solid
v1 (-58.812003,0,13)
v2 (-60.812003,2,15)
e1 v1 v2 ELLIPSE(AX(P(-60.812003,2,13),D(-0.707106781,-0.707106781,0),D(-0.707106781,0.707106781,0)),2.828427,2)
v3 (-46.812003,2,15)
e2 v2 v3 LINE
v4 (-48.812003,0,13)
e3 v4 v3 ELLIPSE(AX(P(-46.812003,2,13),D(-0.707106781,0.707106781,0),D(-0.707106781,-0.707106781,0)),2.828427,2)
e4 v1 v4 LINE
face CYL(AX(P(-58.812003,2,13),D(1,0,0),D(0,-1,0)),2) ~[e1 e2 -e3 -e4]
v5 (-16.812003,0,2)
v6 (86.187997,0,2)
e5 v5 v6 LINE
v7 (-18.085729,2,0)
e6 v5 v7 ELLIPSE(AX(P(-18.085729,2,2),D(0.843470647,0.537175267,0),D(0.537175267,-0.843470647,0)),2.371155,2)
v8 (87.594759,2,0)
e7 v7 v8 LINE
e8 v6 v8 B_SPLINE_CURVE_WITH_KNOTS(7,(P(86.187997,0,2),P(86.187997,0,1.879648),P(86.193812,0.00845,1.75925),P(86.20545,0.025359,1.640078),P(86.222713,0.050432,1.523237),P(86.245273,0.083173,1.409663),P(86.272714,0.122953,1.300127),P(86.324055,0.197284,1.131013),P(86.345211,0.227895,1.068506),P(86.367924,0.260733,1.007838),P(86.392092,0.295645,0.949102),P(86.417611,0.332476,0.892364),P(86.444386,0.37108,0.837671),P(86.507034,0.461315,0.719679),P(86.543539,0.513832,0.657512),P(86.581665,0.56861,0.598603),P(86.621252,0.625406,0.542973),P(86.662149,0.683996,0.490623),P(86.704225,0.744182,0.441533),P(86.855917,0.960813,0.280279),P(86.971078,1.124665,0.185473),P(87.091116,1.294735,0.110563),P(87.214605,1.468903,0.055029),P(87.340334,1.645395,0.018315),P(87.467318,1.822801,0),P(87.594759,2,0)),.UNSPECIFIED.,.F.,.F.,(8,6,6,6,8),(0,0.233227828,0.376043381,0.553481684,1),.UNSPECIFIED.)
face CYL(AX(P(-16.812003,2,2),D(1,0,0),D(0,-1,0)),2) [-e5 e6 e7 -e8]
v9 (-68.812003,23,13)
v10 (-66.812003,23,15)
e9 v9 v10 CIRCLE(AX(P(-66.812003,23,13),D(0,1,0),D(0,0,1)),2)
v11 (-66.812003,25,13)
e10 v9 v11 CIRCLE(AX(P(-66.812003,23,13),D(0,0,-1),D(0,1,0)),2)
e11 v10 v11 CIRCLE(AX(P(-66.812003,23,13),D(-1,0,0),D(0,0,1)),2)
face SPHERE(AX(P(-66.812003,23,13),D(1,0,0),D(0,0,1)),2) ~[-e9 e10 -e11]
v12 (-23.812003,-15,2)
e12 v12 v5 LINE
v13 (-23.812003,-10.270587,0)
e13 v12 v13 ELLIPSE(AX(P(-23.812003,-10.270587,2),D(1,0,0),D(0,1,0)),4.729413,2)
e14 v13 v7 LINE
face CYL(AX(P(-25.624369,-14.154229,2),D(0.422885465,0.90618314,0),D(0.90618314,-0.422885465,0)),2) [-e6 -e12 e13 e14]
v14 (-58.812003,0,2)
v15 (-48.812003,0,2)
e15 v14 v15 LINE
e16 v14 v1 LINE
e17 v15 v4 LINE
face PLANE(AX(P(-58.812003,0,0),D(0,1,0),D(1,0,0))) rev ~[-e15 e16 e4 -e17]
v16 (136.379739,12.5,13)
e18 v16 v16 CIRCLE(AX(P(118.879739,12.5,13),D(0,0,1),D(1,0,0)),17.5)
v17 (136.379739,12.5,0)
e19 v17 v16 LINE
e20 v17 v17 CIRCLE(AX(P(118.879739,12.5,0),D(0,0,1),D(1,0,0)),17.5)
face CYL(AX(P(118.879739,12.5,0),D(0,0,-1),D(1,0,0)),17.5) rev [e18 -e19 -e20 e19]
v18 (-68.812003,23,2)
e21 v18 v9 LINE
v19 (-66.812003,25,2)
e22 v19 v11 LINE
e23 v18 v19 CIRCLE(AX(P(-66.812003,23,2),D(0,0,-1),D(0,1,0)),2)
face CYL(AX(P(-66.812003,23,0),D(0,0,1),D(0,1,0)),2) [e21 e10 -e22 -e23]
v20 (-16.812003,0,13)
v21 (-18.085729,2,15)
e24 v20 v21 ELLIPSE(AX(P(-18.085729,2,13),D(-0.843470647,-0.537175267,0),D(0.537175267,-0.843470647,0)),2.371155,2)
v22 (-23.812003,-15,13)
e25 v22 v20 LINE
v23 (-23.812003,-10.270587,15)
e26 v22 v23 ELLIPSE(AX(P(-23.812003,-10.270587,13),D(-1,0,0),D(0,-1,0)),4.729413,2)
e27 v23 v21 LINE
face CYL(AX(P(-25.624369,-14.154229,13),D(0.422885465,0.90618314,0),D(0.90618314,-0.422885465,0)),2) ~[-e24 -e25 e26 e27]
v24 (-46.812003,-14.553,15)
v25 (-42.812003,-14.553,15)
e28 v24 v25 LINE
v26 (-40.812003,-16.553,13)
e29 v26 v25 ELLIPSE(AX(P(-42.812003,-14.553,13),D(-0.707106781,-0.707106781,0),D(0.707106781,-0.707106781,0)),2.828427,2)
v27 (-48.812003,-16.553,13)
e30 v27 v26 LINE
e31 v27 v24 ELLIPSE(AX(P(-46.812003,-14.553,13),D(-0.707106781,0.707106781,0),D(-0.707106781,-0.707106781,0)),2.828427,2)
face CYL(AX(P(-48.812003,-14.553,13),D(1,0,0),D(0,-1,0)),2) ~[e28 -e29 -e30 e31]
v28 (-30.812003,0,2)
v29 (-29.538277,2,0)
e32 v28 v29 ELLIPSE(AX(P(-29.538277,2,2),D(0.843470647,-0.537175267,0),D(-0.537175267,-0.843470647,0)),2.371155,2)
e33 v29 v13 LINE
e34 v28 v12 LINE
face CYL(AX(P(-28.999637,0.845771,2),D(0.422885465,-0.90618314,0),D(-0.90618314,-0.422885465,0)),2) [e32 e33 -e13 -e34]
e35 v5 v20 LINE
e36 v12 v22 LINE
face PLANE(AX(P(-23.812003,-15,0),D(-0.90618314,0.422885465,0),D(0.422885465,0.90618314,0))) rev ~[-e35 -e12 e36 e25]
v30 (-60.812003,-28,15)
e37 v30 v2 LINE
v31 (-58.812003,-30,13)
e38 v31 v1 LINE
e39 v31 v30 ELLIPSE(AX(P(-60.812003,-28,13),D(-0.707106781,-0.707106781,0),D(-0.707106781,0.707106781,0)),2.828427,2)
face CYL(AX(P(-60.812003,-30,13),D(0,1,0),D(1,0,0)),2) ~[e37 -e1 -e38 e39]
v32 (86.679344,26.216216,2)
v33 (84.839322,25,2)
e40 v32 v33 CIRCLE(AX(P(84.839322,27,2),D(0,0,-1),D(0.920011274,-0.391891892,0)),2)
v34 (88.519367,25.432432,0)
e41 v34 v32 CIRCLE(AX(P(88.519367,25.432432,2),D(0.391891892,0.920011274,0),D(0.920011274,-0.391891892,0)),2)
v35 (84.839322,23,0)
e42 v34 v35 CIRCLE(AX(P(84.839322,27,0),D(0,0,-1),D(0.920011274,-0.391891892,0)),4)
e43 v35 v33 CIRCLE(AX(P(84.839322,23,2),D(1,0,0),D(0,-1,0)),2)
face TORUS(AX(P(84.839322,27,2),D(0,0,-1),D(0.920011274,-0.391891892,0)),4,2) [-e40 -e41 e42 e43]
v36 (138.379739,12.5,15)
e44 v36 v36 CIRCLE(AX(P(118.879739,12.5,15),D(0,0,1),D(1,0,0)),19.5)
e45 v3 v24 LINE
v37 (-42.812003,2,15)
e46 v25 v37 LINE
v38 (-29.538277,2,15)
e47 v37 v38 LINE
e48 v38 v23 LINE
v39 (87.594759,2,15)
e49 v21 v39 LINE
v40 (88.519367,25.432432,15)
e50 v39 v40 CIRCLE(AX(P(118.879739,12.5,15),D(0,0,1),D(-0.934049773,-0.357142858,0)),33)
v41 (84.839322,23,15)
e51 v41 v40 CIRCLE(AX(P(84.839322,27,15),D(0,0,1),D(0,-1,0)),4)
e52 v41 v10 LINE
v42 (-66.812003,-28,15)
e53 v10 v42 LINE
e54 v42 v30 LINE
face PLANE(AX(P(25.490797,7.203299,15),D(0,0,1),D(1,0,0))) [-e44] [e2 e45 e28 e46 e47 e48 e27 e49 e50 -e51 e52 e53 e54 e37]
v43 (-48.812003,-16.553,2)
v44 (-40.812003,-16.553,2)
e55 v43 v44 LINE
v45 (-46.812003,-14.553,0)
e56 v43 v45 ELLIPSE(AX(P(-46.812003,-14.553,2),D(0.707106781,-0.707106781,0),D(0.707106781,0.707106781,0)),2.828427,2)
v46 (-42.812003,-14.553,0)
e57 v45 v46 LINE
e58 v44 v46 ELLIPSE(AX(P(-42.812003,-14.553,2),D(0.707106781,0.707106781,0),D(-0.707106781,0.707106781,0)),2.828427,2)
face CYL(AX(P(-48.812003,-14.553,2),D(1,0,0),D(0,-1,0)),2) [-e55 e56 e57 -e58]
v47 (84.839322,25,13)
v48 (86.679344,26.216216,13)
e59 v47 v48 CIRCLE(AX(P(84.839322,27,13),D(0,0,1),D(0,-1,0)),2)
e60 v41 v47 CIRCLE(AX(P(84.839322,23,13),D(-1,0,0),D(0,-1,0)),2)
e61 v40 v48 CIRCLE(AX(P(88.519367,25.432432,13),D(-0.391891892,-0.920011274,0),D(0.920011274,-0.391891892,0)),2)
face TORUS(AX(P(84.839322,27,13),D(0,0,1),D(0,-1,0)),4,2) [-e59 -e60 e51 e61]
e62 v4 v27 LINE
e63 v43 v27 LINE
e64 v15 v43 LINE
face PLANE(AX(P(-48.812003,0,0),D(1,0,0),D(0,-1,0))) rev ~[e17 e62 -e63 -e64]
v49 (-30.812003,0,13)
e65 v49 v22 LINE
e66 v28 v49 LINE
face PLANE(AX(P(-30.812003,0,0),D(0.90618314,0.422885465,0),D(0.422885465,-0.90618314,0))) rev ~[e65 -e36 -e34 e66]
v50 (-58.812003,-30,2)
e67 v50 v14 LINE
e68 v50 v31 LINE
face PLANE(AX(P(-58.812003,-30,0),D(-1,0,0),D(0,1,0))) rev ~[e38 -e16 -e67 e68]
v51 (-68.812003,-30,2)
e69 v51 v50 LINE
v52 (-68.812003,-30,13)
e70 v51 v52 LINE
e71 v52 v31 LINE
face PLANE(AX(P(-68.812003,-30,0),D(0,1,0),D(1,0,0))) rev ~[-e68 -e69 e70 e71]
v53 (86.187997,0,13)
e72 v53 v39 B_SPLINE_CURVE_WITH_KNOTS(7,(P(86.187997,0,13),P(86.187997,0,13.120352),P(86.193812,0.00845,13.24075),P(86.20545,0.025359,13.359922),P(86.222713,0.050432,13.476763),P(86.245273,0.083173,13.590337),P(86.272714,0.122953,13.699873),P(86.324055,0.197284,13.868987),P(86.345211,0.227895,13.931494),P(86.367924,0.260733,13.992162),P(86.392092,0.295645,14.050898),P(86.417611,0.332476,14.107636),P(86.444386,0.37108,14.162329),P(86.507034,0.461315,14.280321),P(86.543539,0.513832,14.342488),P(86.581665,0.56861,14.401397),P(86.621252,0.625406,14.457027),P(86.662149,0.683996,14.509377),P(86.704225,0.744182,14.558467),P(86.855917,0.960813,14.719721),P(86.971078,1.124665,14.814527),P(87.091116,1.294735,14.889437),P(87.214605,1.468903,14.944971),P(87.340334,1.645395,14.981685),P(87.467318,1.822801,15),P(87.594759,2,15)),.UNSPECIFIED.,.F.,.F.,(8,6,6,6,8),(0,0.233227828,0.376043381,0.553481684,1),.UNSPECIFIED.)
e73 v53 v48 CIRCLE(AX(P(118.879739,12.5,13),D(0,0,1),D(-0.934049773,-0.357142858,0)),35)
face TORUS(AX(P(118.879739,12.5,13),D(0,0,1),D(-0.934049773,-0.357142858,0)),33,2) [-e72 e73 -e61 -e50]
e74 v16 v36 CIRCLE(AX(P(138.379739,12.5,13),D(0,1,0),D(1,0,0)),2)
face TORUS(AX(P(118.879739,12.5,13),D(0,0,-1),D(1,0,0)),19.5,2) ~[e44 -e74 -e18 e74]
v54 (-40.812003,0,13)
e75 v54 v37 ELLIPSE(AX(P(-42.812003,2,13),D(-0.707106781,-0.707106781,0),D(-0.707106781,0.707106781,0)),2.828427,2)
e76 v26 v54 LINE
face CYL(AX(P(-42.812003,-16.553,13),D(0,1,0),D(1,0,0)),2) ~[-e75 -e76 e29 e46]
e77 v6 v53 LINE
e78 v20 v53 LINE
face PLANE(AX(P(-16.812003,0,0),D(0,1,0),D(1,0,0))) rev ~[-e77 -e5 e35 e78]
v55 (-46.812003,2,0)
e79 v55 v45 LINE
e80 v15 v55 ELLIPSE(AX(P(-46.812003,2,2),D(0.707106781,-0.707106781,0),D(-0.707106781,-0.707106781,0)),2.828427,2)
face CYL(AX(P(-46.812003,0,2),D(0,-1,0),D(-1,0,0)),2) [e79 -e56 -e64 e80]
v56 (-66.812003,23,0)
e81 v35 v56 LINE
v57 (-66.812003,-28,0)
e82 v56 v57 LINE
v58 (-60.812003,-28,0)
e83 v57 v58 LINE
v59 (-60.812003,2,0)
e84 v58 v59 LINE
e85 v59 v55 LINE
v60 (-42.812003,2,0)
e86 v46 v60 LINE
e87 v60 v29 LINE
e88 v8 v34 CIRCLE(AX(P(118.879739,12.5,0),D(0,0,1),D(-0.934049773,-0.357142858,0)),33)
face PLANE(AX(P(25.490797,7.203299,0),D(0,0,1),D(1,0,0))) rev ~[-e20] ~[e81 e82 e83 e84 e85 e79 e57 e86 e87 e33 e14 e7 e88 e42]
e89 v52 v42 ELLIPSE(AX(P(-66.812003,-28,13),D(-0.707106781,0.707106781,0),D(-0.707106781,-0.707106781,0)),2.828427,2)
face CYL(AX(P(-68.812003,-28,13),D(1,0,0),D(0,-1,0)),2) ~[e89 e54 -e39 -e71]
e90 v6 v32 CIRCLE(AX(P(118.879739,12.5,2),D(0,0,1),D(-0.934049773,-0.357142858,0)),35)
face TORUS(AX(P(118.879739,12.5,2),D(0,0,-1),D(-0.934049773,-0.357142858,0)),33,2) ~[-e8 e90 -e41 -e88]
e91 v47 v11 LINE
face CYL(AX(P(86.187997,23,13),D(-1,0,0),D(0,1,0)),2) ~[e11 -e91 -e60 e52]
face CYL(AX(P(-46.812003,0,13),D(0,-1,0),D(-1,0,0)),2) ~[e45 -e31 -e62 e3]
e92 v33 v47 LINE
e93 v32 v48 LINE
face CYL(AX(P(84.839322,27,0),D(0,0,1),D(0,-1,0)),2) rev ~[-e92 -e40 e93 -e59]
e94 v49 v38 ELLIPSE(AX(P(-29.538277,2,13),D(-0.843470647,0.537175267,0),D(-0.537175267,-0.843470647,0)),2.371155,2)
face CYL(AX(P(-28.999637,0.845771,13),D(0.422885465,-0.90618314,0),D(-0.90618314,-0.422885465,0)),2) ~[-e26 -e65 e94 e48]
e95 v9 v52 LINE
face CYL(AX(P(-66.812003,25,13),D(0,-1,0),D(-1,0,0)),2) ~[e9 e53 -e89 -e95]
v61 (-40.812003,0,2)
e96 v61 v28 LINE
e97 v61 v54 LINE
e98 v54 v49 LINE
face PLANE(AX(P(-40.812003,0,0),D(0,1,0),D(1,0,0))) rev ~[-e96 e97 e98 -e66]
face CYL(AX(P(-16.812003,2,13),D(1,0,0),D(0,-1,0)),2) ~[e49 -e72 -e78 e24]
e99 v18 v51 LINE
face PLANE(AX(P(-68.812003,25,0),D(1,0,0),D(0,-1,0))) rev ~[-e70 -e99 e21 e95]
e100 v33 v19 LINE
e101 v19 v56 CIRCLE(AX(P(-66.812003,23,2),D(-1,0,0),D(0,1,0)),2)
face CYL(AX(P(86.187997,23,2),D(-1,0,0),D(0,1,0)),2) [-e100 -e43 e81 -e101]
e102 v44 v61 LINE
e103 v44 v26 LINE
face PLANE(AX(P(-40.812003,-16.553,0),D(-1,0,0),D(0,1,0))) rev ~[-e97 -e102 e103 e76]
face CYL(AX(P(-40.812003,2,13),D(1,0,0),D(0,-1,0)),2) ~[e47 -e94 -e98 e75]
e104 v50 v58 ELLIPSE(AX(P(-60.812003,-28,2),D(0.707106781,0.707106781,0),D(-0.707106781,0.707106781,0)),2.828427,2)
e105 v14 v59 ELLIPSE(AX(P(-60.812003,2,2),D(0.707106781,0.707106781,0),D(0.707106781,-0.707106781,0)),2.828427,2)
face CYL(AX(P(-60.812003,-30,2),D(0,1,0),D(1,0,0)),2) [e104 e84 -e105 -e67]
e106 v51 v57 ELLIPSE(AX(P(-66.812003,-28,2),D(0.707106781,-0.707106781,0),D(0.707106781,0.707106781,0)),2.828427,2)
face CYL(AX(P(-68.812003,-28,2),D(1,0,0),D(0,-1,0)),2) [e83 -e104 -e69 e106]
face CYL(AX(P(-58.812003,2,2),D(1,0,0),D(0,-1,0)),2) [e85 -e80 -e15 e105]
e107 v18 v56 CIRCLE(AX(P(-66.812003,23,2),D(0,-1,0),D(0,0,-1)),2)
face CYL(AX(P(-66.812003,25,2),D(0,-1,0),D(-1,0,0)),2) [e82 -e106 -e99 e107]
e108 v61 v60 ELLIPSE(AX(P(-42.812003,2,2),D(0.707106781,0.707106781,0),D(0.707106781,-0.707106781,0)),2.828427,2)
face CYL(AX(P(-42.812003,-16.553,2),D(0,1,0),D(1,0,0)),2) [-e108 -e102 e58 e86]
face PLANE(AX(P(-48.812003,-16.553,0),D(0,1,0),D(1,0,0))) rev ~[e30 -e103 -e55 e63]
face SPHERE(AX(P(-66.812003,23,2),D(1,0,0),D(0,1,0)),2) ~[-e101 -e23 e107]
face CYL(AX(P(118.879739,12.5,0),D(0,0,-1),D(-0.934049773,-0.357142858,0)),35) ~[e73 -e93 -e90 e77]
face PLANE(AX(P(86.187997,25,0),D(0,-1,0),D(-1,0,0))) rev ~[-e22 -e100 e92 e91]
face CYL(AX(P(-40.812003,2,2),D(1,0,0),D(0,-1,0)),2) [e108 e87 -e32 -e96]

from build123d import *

# Parameters (mm, degrees)
F0_R     = 17.5
F1_DEPTH = 15
F2_R     = 2


with BuildPart() as f1:
    # F0 (on Top) → F1 (new body)
    with BuildSketch(Plane.XY):
        with BuildLine():
            Line((86.187997, 25), (-68.812003, 25))
            Line((-68.812003, 25), (-68.812003, 0))
            Line((-68.812003, 0), (-68.812003, -30))
            Line((-68.812003, -30), (-58.812003, -30))
            Line((-58.812003, -30), (-58.812003, 0))
            Line((-58.812003, 0), (-48.812003, 0))
            Line((-48.812003, 0), (-48.812003, -16.553))
            Line((-48.812003, -16.553), (-40.812003, -16.553))
            Line((-40.812003, -16.553), (-40.812003, 0))
            Line((-40.812003, 0), (-30.812003, 0))
            Line((-30.812003, 0), (-23.812003, -15))
            Line((-23.812003, -15), (-16.812003, 0))
            Line((-16.812003, 0), (86.187997, 0))
            ThreePointArc((86.187997, 0), (153.879739, 12.5), (86.187997, 25))
        make_face()
        with Locations((118.879739, 12.5)):
            Circle(F0_R, mode=Mode.SUBTRACT)
    extrude(amount=F1_DEPTH)

    # F2
    f2_edges = [f1.edges().sort_by_distance(p)[0] for p in [
        (8.687997, 25, 15),
        (-68.812003, -2.5, 15),
        (-58.812003, -15, 15),
        (-48.812003, -8.2765, 15),
        (-44.812003, -16.553, 15),
        (-27.312003, -7.5, 15),
        (34.687997, 0, 15),
        (-20.312003, -7.5, 15),
        (-40.812003, -8.2765, 15),
        (-63.812003, -30, 15),
        (-53.812003, 0, 15),
        (-35.812003, 0, 15),
        (153.879739, 12.5, 15),
        (101.379739, 12.5, 15),
        (153.879739, 12.5, 0),
        (8.687997, 25, 0),
        (86.187997, 25, 7.5),
        (-68.812003, 25, 7.5),
        (34.687997, 0, 0),
        (-20.312003, -7.5, 0),
        (-27.312003, -7.5, 0),
        (-35.812003, 0, 0),
        (-40.812003, -8.2765, 0),
        (-44.812003, -16.553, 0),
        (-48.812003, -8.2765, 0),
        (-53.812003, 0, 0),
        (-58.812003, -15, 0),
        (-63.812003, -30, 0),
        (-68.812003, -2.5, 0),
    ]]
    fillet(f2_edges, radius=F2_R)


solid = f1.part
